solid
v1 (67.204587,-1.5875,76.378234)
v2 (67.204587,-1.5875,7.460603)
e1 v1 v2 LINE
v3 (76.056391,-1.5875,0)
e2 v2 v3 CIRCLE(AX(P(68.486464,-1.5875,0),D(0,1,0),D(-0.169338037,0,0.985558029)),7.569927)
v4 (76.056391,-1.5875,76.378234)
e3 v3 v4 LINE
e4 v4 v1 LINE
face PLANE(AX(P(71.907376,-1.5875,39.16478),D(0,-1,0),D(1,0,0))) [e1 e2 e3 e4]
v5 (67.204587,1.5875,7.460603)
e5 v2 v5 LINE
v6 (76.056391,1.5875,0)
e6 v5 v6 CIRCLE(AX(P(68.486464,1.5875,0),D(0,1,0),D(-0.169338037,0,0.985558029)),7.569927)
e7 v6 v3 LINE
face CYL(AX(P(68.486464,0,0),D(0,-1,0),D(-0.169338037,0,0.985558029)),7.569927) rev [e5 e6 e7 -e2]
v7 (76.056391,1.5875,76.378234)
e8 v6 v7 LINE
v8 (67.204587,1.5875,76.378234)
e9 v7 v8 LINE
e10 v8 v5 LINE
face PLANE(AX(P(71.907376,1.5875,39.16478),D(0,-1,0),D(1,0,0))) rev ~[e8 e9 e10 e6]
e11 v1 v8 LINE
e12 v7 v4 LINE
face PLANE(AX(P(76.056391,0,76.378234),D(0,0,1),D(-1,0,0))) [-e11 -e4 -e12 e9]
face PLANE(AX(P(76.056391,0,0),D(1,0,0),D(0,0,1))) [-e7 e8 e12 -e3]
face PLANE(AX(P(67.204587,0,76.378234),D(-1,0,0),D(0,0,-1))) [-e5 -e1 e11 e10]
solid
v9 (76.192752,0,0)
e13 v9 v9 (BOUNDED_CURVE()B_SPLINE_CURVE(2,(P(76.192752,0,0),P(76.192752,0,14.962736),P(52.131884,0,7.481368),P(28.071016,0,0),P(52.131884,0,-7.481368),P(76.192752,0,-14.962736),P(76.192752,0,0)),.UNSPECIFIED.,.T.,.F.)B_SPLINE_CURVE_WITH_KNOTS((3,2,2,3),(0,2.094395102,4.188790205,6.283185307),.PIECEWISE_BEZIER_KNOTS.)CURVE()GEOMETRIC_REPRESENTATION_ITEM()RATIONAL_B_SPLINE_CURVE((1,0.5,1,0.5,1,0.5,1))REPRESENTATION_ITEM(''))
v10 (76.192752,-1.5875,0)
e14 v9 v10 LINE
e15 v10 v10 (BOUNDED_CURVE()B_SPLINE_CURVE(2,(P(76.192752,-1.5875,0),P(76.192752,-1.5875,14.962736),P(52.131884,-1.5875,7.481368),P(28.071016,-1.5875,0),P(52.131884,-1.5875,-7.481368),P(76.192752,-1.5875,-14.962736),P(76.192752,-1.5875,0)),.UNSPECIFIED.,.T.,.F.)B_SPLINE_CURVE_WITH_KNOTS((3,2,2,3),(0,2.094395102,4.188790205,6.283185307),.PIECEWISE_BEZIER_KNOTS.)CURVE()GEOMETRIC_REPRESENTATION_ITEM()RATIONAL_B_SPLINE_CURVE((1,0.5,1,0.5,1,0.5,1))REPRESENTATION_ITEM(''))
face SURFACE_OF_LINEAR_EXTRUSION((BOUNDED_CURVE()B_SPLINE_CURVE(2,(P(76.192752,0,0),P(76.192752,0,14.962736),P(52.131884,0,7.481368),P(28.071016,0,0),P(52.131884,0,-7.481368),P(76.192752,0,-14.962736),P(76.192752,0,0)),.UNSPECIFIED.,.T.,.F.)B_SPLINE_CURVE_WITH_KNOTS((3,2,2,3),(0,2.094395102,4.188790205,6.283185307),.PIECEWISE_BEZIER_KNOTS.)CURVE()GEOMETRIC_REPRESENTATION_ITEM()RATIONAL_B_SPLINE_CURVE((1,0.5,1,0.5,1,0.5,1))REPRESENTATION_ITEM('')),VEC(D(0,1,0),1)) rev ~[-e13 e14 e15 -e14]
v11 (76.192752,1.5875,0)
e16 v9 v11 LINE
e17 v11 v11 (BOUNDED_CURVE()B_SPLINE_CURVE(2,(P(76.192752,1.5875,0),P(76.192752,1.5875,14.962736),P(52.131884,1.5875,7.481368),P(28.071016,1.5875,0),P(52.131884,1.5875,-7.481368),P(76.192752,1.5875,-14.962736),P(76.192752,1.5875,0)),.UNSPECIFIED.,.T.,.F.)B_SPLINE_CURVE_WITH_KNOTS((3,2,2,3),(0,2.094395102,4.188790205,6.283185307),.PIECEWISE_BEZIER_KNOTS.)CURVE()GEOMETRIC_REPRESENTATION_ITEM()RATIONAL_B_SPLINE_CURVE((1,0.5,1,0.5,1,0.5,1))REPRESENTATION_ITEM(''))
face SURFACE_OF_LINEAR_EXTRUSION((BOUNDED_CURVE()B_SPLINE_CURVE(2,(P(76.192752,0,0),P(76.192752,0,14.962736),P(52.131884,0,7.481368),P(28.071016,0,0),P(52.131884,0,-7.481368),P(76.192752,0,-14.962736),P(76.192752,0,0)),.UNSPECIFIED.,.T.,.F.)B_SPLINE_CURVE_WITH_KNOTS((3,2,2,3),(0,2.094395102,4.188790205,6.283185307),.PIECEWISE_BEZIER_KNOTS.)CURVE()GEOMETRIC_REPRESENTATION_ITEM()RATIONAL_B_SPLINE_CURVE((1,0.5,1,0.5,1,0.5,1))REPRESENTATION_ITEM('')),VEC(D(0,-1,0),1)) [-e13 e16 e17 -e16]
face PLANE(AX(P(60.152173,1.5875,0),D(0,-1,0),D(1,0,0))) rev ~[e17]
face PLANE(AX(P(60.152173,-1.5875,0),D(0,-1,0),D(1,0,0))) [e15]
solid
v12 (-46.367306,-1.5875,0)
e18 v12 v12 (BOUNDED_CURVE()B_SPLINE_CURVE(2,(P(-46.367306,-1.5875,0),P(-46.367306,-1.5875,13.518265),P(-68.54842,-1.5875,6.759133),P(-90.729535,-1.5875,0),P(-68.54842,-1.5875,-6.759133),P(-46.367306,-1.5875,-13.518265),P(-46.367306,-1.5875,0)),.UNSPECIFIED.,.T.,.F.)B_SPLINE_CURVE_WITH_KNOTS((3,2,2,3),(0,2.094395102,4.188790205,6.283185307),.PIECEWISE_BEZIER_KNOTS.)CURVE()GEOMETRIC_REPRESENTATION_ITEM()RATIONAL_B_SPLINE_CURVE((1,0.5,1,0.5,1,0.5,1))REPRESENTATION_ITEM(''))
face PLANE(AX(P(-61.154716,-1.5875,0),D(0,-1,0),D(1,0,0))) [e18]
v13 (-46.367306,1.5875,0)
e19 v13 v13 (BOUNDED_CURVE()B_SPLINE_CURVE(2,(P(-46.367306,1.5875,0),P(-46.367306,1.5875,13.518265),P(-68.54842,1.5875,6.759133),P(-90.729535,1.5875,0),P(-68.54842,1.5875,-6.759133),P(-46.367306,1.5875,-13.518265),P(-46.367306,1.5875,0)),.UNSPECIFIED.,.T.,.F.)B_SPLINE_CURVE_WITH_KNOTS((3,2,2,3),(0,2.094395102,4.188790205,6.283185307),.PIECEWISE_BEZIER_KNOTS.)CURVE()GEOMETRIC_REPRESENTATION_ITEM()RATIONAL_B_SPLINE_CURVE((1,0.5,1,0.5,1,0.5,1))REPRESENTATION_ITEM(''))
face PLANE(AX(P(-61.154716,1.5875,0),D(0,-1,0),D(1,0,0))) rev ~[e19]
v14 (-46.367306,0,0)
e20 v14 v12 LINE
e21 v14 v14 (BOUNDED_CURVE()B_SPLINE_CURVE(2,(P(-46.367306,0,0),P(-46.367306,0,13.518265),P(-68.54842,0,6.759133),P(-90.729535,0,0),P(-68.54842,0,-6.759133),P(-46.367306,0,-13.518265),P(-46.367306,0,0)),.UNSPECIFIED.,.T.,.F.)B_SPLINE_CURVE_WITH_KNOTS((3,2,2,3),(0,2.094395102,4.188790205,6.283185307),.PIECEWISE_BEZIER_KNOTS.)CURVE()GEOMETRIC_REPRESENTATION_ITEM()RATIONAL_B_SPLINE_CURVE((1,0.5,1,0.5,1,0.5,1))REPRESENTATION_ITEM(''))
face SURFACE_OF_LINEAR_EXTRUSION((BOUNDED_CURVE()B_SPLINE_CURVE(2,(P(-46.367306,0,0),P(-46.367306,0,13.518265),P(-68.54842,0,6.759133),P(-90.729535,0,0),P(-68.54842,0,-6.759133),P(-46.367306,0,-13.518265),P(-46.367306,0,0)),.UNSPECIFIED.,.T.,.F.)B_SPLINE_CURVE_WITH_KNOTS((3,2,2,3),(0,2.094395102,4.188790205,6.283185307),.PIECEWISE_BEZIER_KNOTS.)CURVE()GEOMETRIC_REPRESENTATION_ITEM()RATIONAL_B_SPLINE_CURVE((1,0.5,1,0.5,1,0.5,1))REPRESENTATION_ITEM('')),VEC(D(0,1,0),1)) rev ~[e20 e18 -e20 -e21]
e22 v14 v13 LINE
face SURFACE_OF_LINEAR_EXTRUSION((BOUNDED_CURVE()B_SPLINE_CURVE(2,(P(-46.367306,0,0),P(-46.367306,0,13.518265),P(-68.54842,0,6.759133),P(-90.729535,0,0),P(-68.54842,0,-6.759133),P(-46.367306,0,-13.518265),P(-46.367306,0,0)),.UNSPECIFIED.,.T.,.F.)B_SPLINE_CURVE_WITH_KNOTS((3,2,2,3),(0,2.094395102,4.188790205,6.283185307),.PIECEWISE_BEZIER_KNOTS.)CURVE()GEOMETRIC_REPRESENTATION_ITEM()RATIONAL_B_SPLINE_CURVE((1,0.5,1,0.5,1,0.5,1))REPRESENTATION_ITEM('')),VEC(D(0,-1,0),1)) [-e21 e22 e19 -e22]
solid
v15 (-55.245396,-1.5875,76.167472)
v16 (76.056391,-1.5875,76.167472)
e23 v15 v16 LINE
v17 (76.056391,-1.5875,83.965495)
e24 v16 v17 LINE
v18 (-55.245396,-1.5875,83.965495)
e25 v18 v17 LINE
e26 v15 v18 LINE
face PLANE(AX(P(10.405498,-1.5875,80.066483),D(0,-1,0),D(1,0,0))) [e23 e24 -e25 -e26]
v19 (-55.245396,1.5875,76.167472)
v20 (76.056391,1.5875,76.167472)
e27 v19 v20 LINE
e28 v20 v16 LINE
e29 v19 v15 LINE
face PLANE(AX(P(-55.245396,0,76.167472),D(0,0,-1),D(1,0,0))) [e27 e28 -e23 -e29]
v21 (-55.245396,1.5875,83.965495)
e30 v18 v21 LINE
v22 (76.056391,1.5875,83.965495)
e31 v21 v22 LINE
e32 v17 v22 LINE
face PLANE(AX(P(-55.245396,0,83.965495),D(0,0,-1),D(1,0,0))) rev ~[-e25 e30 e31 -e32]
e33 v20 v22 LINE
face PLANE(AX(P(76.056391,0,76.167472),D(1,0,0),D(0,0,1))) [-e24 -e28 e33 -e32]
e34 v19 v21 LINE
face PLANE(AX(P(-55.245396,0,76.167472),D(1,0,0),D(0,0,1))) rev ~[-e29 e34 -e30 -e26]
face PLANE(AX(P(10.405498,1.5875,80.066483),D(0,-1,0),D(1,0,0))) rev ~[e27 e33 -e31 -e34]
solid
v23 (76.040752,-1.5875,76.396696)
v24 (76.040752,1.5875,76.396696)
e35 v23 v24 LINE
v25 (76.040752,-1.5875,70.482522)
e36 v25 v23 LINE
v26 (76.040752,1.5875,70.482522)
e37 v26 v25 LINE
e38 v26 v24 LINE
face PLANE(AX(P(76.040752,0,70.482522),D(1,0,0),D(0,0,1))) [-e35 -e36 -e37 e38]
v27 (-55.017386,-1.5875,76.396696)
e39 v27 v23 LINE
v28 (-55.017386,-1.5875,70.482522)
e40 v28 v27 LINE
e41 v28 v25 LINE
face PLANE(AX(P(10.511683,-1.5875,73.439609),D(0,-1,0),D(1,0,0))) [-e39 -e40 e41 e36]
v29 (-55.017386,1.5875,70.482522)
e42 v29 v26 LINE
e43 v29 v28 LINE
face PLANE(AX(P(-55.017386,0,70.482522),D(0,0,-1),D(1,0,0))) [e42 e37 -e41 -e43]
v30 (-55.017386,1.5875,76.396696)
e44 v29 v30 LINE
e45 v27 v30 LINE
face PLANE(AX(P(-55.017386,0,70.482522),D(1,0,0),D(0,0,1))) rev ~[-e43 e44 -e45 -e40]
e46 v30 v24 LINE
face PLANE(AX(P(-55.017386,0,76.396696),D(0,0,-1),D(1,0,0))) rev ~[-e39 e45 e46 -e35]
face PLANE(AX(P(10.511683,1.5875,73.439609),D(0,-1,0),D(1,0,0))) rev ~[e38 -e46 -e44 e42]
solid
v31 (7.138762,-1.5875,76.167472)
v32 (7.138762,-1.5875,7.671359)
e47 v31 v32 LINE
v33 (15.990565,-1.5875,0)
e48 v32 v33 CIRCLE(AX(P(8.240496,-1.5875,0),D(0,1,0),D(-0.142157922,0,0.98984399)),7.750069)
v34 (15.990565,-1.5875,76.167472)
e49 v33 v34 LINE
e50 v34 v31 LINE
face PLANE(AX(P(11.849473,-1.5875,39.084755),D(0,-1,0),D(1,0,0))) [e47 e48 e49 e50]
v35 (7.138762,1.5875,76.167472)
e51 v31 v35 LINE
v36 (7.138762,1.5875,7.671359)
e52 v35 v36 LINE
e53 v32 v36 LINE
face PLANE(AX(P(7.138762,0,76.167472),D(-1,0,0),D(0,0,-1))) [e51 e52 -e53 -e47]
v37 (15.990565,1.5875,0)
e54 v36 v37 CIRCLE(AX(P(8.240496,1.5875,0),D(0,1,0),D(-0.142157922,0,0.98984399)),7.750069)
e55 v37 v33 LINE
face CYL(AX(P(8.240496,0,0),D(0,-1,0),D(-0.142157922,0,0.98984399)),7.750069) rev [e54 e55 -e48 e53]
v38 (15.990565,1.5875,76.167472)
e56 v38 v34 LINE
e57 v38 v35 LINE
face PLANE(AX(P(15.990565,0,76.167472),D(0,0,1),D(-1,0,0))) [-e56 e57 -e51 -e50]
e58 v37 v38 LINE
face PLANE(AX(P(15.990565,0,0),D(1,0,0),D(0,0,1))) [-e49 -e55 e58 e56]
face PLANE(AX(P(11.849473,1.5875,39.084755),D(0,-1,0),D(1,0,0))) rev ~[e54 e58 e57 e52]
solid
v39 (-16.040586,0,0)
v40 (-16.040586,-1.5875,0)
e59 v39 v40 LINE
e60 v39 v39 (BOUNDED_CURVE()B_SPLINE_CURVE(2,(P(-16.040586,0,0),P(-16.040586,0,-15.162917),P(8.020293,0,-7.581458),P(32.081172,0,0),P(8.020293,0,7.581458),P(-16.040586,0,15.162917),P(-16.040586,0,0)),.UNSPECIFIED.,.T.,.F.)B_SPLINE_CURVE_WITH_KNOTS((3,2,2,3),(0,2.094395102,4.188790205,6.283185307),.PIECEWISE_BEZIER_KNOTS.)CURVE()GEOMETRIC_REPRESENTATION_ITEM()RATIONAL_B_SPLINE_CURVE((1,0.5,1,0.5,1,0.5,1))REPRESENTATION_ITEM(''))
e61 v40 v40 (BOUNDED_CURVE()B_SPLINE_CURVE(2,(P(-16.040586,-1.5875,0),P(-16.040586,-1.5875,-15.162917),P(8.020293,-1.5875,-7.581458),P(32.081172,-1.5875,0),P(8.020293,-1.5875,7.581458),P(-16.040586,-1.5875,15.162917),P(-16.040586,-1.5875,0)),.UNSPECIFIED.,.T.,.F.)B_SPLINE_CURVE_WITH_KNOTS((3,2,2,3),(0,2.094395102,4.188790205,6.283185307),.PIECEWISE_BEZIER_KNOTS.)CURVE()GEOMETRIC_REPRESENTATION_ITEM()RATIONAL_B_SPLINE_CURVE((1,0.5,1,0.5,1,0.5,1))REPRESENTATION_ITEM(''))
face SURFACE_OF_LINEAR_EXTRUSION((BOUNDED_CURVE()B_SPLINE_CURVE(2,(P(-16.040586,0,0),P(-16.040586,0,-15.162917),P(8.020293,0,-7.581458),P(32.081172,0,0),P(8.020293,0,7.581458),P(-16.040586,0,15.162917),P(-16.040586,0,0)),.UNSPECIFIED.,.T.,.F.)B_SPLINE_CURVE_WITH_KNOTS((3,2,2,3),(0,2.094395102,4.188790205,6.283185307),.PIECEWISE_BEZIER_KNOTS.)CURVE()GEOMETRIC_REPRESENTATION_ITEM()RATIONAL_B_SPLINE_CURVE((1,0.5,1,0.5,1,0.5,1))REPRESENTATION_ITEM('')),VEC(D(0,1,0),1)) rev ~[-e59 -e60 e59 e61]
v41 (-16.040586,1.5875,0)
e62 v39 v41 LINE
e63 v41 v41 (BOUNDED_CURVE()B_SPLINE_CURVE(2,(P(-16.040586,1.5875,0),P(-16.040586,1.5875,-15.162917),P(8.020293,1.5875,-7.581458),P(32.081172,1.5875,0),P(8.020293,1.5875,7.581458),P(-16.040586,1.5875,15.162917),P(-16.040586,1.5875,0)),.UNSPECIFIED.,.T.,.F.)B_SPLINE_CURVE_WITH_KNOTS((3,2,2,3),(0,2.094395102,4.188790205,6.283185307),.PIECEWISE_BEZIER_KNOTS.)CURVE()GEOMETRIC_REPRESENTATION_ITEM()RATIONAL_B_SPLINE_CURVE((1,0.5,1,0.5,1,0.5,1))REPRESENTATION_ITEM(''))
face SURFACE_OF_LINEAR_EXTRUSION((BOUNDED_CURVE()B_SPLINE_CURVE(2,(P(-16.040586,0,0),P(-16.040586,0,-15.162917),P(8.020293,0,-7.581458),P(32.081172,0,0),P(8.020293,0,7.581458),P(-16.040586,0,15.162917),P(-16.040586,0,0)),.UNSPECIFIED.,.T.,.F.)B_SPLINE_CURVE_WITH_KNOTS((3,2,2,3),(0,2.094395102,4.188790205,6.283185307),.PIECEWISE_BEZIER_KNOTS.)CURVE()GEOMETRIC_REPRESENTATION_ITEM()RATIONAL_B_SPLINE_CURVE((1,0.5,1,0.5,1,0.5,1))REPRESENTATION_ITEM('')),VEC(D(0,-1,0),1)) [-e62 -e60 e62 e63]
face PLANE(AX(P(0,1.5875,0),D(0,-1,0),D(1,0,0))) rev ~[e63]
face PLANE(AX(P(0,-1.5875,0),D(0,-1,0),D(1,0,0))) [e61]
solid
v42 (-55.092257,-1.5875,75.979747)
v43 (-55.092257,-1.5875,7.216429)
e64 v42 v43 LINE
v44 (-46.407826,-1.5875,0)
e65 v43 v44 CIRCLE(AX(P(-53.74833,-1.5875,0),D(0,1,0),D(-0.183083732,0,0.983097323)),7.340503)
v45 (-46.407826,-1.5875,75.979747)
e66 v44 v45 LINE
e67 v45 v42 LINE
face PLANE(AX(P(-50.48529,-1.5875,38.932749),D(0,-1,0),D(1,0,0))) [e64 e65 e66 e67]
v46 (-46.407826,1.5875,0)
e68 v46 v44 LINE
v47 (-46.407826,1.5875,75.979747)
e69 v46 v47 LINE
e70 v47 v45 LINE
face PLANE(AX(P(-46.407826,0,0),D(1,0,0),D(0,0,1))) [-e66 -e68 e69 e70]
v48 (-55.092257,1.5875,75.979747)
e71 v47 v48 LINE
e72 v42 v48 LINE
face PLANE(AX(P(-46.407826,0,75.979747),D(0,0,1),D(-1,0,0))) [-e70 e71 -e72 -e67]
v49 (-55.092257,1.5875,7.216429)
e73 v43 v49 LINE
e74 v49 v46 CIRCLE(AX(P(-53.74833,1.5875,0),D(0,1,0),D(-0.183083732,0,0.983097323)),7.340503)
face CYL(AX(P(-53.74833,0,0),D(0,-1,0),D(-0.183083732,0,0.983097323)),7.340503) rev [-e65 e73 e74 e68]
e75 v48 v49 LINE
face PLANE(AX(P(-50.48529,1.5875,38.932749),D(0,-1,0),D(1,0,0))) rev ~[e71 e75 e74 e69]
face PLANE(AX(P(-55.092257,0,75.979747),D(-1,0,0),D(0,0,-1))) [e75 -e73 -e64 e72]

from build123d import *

# Parameters (mm, degrees)
F8_DEPTH = 1.5875
F6_W     = 131.3017867506
F6_H     = 7.7980235219
F7_W     = 131.0581378639
F7_H     = 5.9141740203


with BuildPart() as f8:
    # F0 (on Front) → F8 (new body, symmetric)
    with BuildSketch(Plane.XZ):
        with BuildLine():
            add(Edge.make_bspline(
                [(-46.3673062623, 0), (-46.3673062623, 13.5182651888), (-68.5484204441, 6.7591325944), (-90.729534626, 0), (-68.5484204441, -6.7591325944), (-46.3673062623, -13.5182651888), (-46.3673062623, 0)],
                knots=[0, 0, 0, 2.0943951024, 2.0943951024, 4.1887902048, 4.1887902048, 6.2831853072, 6.2831853072, 6.2831853072], degree=2, weights=[1, 0.5, 1, 0.5, 1, 0.5, 1]))
        make_face()
    extrude(amount=F8_DEPTH, both=True)


with BuildPart() as f8b:
    # F1 (on Front) → F8, piece 2 (new body, symmetric)
    with BuildSketch(Plane.XZ):
        with BuildLine():
            add(Edge.make_bspline(
                [(76.1927515268, 0), (76.1927515268, 14.9627357177), (52.1318838, 7.4813678588), (28.0710160732, 0), (52.1318838, -7.4813678588), (76.1927515268, -14.9627357177), (76.1927515268, 0)],
                knots=[0, 0, 0, 2.0943951024, 2.0943951024, 4.1887902048, 4.1887902048, 6.2831853072, 6.2831853072, 6.2831853072], degree=2, weights=[1, 0.5, 1, 0.5, 1, 0.5, 1]))
        make_face()
    extrude(amount=F8_DEPTH, both=True)


with BuildPart() as f8c:
    # F2 (on Front) → F8, piece 3 (new body, symmetric)
    with BuildSketch(Plane.XZ):
        with BuildLine():
            add(Edge.make_bspline(
                [(-16.0405859351, 0), (-16.0405859351, -15.1629167296), (8.0202929676, -7.5814583648), (32.0811718702, 0), (8.0202929676, 7.5814583648), (-16.0405859351, 15.1629167296), (-16.0405859351, 0)],
                knots=[0, 0, 0, 2.0943951024, 2.0943951024, 4.1887902048, 4.1887902048, 6.2831853072, 6.2831853072, 6.2831853072], degree=2, weights=[1, 0.5, 1, 0.5, 1, 0.5, 1]))
        make_face()
    extrude(amount=F8_DEPTH, both=True)


with BuildPart() as f8d:
    # F3 (on Front) → F8, piece 4 (new body, symmetric)
    with BuildSketch(Plane.XZ):
        with BuildLine():
            ThreePointArc((-55.0922565162, 7.2164293379), (-49.0569604108, 5.6457103523), (-46.4078262448, 0))
            Line((-46.4078262448, 0), (-46.4078262448, 75.9797468781))
            Line((-46.4078262448, 75.9797468781), (-55.0922565162, 75.9797468781))
            Line((-55.0922565162, 75.9797468781), (-55.0922565162, 7.2164293379))
        make_face()
    extrude(amount=F8_DEPTH, both=True)


with BuildPart() as f8e:
    # F6 (on Front) → F8, piece 5 (new body, symmetric)
    with BuildSketch(Plane.XZ):
        with Locations((10.4054976255, 80.0664834678)):
            Rectangle(F6_W, F6_H)
    extrude(amount=F8_DEPTH, both=True)


with BuildPart() as f8f:
    # F4 (on Front) → F8, piece 6 (new body, symmetric)
    with BuildSketch(Plane.XZ):
        with BuildLine():
            ThreePointArc((7.1387621574, 7.6713589951), (13.3161757945, 5.8567088733), (15.9905645996, 0))
            Line((15.9905645996, 0), (15.9905645996, 76.1674717069))
            Line((15.9905645996, 76.1674717069), (7.1387621574, 76.1674717069))
            Line((7.1387621574, 76.1674717069), (7.1387621574, 7.6713589951))
        make_face()
    extrude(amount=F8_DEPTH, both=True)


with BuildPart() as f8g:
    # F5 (on Front) → F8, piece 7 (new body, symmetric)
    with BuildSketch(Plane.XZ):
        with BuildLine():
            ThreePointArc((67.2045871615, 7.4606025591), (73.3649925249, 5.7882428628), (76.0563910007, 0))
            Line((76.0563910007, 0), (76.0563910007, 76.3782337308))
            Line((76.0563910007, 76.3782337308), (67.2045871615, 76.3782337308))
            Line((67.2045871615, 76.3782337308), (67.2045871615, 7.4606025591))
        make_face()
    extrude(amount=F8_DEPTH, both=True)


with BuildPart() as f8h:
    # F7 (on Front) → F8, piece 8 (new body, symmetric)
    with BuildSketch(Plane.XZ):
        with Locations((10.5116833001, 73.4396092594)):
            Rectangle(F7_W, F7_H)
    extrude(amount=F8_DEPTH, both=True)


solid = Compound([f8.part, f8b.part, f8c.part, f8d.part, f8e.part, f8f.part, f8g.part, f8h.part])
